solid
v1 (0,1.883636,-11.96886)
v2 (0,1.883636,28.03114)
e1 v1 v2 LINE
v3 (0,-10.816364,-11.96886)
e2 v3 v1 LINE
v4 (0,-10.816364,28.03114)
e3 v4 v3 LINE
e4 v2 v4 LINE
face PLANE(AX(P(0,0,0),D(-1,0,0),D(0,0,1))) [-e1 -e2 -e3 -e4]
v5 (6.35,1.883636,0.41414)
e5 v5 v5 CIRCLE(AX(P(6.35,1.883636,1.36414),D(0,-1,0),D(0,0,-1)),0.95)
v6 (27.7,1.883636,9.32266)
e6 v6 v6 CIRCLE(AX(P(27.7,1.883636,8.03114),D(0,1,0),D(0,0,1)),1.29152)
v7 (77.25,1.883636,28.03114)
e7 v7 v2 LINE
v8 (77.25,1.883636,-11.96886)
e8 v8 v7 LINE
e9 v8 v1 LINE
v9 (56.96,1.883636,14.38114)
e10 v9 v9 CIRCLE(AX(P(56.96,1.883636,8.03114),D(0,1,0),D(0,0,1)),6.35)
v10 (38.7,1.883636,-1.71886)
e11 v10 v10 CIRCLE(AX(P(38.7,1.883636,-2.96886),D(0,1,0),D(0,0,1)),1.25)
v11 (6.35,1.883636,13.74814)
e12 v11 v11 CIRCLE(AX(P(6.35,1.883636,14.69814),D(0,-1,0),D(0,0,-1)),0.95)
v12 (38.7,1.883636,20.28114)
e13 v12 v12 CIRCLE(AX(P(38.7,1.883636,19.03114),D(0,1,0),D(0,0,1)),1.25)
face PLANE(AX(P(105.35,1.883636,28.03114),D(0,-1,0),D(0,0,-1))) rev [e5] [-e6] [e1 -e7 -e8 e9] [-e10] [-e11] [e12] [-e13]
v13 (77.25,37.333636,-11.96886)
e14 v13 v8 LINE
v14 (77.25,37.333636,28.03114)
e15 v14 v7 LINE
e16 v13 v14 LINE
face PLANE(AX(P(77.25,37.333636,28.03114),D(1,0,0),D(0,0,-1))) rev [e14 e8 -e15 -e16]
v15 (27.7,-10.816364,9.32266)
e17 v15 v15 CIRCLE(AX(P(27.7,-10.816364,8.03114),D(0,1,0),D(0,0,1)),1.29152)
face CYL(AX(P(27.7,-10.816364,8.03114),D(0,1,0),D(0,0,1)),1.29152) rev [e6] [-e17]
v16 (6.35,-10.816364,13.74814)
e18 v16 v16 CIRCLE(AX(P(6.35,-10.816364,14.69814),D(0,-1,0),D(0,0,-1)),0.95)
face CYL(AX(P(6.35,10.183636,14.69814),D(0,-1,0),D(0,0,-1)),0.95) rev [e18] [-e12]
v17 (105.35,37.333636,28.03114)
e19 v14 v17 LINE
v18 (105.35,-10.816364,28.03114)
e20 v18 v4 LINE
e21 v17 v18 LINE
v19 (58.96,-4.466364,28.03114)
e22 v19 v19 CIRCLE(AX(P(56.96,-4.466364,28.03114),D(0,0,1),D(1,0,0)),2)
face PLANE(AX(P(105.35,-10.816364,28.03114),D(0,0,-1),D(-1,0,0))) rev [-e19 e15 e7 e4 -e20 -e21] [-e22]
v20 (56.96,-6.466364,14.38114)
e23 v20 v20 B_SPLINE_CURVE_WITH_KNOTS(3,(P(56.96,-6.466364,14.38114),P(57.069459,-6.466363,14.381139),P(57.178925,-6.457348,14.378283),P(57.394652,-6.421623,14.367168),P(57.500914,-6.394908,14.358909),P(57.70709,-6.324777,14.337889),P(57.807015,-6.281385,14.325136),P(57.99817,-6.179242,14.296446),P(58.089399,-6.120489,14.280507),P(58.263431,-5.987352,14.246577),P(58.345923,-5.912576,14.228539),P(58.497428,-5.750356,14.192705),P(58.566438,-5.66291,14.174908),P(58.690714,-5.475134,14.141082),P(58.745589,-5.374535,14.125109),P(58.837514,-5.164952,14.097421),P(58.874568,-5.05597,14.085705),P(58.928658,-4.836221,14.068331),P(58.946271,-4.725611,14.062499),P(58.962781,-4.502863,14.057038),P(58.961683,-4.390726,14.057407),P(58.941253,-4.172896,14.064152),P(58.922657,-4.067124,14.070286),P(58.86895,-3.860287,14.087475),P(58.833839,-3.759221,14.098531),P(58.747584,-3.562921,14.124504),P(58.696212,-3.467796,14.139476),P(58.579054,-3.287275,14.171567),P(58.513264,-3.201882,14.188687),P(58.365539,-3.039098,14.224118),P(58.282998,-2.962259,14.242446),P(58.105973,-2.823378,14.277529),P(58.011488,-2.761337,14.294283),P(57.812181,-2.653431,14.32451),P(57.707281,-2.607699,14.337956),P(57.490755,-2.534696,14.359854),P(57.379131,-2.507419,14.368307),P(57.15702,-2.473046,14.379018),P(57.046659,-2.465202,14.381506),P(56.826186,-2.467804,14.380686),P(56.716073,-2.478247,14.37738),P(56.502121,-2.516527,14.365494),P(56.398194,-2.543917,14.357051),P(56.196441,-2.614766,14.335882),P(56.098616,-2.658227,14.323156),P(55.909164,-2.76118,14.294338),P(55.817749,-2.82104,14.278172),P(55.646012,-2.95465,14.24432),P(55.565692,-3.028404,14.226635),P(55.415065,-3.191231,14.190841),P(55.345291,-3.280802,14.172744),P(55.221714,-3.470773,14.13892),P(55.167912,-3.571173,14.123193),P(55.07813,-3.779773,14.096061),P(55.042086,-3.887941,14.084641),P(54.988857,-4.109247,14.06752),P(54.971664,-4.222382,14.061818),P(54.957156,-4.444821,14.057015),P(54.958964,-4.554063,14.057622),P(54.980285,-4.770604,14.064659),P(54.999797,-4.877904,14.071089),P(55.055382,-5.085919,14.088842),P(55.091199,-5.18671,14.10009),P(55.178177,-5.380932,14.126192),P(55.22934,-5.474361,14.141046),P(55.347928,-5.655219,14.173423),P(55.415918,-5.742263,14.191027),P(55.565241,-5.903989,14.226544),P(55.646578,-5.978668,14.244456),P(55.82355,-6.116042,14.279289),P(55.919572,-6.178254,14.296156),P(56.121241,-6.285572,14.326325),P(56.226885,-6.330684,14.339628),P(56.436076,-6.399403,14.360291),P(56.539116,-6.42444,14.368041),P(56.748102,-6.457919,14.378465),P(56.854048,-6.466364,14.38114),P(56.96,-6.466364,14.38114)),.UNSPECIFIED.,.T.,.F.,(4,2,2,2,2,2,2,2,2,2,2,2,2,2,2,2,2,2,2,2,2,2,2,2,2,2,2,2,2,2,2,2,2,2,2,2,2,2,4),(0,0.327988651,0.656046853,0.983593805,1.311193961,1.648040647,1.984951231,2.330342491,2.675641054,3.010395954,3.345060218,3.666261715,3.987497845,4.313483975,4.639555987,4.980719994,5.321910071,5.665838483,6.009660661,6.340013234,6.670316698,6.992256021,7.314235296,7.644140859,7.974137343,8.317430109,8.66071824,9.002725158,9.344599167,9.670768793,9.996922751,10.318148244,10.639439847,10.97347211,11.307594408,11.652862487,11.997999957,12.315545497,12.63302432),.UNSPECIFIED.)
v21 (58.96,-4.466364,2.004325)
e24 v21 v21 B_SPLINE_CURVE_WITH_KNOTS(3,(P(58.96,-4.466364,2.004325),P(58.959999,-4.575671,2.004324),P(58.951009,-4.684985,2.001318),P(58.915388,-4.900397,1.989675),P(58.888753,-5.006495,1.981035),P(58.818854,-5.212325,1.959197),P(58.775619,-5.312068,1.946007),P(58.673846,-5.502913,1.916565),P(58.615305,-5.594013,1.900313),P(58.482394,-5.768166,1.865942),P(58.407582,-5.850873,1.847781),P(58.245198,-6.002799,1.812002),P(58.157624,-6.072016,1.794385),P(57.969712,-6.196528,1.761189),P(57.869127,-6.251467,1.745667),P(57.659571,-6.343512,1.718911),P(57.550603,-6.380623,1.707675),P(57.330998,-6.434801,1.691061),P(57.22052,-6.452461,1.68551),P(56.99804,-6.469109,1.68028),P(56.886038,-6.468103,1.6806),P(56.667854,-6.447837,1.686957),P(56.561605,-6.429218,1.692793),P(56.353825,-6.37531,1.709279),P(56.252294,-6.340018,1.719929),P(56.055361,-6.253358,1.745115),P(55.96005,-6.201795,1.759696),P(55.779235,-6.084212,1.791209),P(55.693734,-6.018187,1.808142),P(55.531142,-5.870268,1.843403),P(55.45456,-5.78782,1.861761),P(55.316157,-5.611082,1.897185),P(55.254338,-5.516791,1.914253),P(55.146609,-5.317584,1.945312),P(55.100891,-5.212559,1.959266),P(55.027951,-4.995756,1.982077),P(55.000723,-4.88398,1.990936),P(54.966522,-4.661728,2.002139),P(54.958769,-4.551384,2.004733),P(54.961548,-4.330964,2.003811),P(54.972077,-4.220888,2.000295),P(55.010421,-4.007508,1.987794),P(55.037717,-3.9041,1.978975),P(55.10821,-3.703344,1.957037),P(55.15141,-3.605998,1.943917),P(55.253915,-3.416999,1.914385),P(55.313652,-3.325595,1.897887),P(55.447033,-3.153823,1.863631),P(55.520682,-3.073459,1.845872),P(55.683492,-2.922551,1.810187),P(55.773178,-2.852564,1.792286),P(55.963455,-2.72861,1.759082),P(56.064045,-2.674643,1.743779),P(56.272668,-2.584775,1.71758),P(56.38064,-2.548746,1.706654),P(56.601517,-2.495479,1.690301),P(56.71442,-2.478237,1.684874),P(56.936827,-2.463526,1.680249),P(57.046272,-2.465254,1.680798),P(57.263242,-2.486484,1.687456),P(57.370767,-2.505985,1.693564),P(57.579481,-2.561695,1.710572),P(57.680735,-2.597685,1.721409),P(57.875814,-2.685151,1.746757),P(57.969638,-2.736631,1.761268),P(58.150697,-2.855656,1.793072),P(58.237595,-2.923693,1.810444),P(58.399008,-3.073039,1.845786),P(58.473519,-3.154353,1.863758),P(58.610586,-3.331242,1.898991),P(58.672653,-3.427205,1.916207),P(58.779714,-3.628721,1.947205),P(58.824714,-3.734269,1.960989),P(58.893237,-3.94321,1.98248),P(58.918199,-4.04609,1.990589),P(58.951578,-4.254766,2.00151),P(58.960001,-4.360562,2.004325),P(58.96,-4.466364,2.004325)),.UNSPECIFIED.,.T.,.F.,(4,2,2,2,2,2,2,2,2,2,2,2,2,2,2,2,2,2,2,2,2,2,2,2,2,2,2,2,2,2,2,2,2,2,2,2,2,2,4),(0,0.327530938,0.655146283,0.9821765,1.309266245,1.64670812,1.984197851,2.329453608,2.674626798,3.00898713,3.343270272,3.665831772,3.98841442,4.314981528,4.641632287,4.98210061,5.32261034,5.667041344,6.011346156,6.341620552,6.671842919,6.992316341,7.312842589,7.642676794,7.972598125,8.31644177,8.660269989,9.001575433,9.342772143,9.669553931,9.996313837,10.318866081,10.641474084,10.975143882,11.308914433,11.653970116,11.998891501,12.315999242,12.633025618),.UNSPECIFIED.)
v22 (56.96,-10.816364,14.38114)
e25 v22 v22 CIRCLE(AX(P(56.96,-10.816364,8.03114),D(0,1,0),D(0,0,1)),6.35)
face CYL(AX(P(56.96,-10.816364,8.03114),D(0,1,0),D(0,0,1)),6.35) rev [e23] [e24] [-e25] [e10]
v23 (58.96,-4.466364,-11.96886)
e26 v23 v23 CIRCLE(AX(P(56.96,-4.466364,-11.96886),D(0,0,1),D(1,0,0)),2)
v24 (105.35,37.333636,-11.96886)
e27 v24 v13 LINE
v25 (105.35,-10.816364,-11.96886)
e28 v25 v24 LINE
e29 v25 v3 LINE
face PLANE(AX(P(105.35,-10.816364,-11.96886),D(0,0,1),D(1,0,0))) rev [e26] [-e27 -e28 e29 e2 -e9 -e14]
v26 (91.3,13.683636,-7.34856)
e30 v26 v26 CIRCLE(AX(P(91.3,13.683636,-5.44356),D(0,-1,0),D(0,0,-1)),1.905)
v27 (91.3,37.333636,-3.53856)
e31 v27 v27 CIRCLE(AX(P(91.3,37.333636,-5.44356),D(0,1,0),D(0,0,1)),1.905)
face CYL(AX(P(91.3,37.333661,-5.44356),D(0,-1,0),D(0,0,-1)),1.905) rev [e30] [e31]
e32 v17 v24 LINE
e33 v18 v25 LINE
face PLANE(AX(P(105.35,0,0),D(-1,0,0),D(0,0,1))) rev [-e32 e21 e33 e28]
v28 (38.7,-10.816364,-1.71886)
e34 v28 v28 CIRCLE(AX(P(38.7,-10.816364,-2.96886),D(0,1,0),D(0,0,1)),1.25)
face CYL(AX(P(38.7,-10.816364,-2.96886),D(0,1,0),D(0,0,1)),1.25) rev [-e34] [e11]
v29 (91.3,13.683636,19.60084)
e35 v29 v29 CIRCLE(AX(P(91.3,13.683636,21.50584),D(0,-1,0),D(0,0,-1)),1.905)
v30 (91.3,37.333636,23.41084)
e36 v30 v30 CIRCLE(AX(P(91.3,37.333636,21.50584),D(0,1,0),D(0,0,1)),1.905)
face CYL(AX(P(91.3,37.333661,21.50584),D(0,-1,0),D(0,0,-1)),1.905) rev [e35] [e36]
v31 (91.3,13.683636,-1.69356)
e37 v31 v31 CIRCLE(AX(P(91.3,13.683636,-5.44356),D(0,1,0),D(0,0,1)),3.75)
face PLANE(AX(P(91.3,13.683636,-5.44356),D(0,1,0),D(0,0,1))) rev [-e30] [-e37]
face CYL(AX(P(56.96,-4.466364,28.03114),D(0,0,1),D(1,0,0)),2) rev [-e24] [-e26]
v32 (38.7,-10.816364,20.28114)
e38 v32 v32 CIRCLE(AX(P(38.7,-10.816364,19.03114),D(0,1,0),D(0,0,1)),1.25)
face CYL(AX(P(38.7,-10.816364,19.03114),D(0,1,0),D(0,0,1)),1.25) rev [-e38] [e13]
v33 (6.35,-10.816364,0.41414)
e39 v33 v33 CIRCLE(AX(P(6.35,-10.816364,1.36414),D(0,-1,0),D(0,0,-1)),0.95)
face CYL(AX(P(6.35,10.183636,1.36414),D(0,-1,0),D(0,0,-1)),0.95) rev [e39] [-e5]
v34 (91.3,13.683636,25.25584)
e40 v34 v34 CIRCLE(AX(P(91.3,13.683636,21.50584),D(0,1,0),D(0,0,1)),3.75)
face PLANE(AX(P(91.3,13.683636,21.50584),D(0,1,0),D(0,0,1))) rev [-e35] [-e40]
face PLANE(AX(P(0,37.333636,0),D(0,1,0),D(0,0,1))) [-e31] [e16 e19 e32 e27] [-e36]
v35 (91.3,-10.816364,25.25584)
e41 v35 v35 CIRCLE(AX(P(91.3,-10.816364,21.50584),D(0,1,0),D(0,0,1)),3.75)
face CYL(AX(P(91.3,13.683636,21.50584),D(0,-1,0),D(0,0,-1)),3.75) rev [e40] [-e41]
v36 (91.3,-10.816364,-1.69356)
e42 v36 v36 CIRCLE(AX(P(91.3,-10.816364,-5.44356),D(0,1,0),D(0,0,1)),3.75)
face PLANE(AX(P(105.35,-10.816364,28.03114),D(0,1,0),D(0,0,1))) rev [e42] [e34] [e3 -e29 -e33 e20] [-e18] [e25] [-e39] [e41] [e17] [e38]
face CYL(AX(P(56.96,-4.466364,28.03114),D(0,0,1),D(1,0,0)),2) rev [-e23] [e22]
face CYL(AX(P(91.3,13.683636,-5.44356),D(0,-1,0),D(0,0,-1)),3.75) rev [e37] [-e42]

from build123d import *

# Parameters (mm, degrees)
SKETCH2_W                = 40
SKETCH2_H                = 12.7
BOSS_EXTRUDE1_DEPTH      = 105.35
SKETCH4_R                = 6.35
CUT_EXTRUDE1_DEPTH       = 13.7
F_4_0_4_DIAMETER_HOLE1_D = 4
SKETCH9_R                = 1.291519898
SKETCH9_R_2              = 1.25
CUT_EXTRUDE3_DEPTH       = 13.7000001
SKETCH14_W               = 28.1
SKETCH14_H               = 40
BOSS_EXTRUDE3_DEPTH      = 35.45
SKETCH10_R               = 3.75
CUT_EXTRUDE4_DEPTH       = 24.5
SKETCH15_R               = 1.905
CUT_EXTRUDE7_DEPTH       = 24.65
SKETCH17_R               = 0.95
CUT_EXTRUDE8_DEPTH       = 21


with BuildPart() as part:
    # Sketch2 → Boss-Extrude1 (new body)
    with BuildSketch(Plane(origin=(0, 0, 0), x_dir=(0, 0, -1), z_dir=(1, 0, 0))):
        with Locations((-8.031139822, -4.466363736)):
            Rectangle(SKETCH2_W, SKETCH2_H)
    extrude(amount=BOSS_EXTRUDE1_DEPTH)

    # Sketch4 → Cut-Extrude1 (cut, through all)
    with BuildSketch(Plane(origin=(0, 1.883636264, 0), x_dir=(1, 0, 0), z_dir=(0, 1, 0))):
        with Locations((56.96, -8.031139822)):
            Circle(SKETCH4_R)
    extrude(amount=-CUT_EXTRUDE1_DEPTH, mode=Mode.SUBTRACT)

    # Ø4.0 (4) Diameter Hole1 (through all)
    with Locations(Plane.XY.offset(28.031139822)):
        with Locations((56.96, -4.466363736)):
            Hole(F_4_0_4_DIAMETER_HOLE1_D / 2)

    # Sketch9 → Cut-Extrude3 (cut, through all)
    with BuildSketch(Plane(origin=(0, 1.883636264, 0), x_dir=(1, 0, 0), z_dir=(0, 1, 0))):
        with Locations((27.7, -8.031139822)):
            Circle(SKETCH9_R)
        with Locations((38.7, 2.968860178)):
            Circle(SKETCH9_R_2)
        with Locations((38.7, -19.031139822)):
            Circle(SKETCH9_R_2)
    extrude(amount=-CUT_EXTRUDE3_DEPTH, mode=Mode.SUBTRACT)

    # Sketch14 → Boss-Extrude3 (add)
    with BuildSketch(Plane(origin=(0, 1.883636264, 0), x_dir=(1, 0, 0), z_dir=(0, 1, 0))):
        with Locations((91.3, -8.031139822)):
            Rectangle(SKETCH14_W, SKETCH14_H)
    extrude(amount=BOSS_EXTRUDE3_DEPTH)

    # Sketch10 → Cut-Extrude4 (cut)
    with BuildSketch(Plane(origin=(0, -10.816363736, 0), x_dir=(1, 0, 0), z_dir=(0, 1, 0))):
        with Locations((91.3, -21.505839822)):
            Circle(SKETCH10_R)
        with Locations((91.3, 5.443560178)):
            Circle(SKETCH10_R)
    extrude(amount=CUT_EXTRUDE4_DEPTH, mode=Mode.SUBTRACT)

    # Sketch15 → Cut-Extrude7 (cut, through all)
    with BuildSketch(Plane.XZ.offset(-13.683636264)):
        with Locations((91.3, -5.443560178)):
            Circle(SKETCH15_R)
        with Locations((91.3, 21.505839822)):
            Circle(SKETCH15_R)
    extrude(amount=-CUT_EXTRUDE7_DEPTH, mode=Mode.SUBTRACT)

    # Sketch17 → Cut-Extrude8 (cut)
    with BuildSketch(Plane.XZ.offset(10.816363736)):
        with Locations((6.35, 14.698139822)):
            Circle(SKETCH17_R)
        with Locations((6.35, 1.364139822)):
            Circle(SKETCH17_R)
    extrude(amount=-CUT_EXTRUDE8_DEPTH, mode=Mode.SUBTRACT)


solid = part.part
